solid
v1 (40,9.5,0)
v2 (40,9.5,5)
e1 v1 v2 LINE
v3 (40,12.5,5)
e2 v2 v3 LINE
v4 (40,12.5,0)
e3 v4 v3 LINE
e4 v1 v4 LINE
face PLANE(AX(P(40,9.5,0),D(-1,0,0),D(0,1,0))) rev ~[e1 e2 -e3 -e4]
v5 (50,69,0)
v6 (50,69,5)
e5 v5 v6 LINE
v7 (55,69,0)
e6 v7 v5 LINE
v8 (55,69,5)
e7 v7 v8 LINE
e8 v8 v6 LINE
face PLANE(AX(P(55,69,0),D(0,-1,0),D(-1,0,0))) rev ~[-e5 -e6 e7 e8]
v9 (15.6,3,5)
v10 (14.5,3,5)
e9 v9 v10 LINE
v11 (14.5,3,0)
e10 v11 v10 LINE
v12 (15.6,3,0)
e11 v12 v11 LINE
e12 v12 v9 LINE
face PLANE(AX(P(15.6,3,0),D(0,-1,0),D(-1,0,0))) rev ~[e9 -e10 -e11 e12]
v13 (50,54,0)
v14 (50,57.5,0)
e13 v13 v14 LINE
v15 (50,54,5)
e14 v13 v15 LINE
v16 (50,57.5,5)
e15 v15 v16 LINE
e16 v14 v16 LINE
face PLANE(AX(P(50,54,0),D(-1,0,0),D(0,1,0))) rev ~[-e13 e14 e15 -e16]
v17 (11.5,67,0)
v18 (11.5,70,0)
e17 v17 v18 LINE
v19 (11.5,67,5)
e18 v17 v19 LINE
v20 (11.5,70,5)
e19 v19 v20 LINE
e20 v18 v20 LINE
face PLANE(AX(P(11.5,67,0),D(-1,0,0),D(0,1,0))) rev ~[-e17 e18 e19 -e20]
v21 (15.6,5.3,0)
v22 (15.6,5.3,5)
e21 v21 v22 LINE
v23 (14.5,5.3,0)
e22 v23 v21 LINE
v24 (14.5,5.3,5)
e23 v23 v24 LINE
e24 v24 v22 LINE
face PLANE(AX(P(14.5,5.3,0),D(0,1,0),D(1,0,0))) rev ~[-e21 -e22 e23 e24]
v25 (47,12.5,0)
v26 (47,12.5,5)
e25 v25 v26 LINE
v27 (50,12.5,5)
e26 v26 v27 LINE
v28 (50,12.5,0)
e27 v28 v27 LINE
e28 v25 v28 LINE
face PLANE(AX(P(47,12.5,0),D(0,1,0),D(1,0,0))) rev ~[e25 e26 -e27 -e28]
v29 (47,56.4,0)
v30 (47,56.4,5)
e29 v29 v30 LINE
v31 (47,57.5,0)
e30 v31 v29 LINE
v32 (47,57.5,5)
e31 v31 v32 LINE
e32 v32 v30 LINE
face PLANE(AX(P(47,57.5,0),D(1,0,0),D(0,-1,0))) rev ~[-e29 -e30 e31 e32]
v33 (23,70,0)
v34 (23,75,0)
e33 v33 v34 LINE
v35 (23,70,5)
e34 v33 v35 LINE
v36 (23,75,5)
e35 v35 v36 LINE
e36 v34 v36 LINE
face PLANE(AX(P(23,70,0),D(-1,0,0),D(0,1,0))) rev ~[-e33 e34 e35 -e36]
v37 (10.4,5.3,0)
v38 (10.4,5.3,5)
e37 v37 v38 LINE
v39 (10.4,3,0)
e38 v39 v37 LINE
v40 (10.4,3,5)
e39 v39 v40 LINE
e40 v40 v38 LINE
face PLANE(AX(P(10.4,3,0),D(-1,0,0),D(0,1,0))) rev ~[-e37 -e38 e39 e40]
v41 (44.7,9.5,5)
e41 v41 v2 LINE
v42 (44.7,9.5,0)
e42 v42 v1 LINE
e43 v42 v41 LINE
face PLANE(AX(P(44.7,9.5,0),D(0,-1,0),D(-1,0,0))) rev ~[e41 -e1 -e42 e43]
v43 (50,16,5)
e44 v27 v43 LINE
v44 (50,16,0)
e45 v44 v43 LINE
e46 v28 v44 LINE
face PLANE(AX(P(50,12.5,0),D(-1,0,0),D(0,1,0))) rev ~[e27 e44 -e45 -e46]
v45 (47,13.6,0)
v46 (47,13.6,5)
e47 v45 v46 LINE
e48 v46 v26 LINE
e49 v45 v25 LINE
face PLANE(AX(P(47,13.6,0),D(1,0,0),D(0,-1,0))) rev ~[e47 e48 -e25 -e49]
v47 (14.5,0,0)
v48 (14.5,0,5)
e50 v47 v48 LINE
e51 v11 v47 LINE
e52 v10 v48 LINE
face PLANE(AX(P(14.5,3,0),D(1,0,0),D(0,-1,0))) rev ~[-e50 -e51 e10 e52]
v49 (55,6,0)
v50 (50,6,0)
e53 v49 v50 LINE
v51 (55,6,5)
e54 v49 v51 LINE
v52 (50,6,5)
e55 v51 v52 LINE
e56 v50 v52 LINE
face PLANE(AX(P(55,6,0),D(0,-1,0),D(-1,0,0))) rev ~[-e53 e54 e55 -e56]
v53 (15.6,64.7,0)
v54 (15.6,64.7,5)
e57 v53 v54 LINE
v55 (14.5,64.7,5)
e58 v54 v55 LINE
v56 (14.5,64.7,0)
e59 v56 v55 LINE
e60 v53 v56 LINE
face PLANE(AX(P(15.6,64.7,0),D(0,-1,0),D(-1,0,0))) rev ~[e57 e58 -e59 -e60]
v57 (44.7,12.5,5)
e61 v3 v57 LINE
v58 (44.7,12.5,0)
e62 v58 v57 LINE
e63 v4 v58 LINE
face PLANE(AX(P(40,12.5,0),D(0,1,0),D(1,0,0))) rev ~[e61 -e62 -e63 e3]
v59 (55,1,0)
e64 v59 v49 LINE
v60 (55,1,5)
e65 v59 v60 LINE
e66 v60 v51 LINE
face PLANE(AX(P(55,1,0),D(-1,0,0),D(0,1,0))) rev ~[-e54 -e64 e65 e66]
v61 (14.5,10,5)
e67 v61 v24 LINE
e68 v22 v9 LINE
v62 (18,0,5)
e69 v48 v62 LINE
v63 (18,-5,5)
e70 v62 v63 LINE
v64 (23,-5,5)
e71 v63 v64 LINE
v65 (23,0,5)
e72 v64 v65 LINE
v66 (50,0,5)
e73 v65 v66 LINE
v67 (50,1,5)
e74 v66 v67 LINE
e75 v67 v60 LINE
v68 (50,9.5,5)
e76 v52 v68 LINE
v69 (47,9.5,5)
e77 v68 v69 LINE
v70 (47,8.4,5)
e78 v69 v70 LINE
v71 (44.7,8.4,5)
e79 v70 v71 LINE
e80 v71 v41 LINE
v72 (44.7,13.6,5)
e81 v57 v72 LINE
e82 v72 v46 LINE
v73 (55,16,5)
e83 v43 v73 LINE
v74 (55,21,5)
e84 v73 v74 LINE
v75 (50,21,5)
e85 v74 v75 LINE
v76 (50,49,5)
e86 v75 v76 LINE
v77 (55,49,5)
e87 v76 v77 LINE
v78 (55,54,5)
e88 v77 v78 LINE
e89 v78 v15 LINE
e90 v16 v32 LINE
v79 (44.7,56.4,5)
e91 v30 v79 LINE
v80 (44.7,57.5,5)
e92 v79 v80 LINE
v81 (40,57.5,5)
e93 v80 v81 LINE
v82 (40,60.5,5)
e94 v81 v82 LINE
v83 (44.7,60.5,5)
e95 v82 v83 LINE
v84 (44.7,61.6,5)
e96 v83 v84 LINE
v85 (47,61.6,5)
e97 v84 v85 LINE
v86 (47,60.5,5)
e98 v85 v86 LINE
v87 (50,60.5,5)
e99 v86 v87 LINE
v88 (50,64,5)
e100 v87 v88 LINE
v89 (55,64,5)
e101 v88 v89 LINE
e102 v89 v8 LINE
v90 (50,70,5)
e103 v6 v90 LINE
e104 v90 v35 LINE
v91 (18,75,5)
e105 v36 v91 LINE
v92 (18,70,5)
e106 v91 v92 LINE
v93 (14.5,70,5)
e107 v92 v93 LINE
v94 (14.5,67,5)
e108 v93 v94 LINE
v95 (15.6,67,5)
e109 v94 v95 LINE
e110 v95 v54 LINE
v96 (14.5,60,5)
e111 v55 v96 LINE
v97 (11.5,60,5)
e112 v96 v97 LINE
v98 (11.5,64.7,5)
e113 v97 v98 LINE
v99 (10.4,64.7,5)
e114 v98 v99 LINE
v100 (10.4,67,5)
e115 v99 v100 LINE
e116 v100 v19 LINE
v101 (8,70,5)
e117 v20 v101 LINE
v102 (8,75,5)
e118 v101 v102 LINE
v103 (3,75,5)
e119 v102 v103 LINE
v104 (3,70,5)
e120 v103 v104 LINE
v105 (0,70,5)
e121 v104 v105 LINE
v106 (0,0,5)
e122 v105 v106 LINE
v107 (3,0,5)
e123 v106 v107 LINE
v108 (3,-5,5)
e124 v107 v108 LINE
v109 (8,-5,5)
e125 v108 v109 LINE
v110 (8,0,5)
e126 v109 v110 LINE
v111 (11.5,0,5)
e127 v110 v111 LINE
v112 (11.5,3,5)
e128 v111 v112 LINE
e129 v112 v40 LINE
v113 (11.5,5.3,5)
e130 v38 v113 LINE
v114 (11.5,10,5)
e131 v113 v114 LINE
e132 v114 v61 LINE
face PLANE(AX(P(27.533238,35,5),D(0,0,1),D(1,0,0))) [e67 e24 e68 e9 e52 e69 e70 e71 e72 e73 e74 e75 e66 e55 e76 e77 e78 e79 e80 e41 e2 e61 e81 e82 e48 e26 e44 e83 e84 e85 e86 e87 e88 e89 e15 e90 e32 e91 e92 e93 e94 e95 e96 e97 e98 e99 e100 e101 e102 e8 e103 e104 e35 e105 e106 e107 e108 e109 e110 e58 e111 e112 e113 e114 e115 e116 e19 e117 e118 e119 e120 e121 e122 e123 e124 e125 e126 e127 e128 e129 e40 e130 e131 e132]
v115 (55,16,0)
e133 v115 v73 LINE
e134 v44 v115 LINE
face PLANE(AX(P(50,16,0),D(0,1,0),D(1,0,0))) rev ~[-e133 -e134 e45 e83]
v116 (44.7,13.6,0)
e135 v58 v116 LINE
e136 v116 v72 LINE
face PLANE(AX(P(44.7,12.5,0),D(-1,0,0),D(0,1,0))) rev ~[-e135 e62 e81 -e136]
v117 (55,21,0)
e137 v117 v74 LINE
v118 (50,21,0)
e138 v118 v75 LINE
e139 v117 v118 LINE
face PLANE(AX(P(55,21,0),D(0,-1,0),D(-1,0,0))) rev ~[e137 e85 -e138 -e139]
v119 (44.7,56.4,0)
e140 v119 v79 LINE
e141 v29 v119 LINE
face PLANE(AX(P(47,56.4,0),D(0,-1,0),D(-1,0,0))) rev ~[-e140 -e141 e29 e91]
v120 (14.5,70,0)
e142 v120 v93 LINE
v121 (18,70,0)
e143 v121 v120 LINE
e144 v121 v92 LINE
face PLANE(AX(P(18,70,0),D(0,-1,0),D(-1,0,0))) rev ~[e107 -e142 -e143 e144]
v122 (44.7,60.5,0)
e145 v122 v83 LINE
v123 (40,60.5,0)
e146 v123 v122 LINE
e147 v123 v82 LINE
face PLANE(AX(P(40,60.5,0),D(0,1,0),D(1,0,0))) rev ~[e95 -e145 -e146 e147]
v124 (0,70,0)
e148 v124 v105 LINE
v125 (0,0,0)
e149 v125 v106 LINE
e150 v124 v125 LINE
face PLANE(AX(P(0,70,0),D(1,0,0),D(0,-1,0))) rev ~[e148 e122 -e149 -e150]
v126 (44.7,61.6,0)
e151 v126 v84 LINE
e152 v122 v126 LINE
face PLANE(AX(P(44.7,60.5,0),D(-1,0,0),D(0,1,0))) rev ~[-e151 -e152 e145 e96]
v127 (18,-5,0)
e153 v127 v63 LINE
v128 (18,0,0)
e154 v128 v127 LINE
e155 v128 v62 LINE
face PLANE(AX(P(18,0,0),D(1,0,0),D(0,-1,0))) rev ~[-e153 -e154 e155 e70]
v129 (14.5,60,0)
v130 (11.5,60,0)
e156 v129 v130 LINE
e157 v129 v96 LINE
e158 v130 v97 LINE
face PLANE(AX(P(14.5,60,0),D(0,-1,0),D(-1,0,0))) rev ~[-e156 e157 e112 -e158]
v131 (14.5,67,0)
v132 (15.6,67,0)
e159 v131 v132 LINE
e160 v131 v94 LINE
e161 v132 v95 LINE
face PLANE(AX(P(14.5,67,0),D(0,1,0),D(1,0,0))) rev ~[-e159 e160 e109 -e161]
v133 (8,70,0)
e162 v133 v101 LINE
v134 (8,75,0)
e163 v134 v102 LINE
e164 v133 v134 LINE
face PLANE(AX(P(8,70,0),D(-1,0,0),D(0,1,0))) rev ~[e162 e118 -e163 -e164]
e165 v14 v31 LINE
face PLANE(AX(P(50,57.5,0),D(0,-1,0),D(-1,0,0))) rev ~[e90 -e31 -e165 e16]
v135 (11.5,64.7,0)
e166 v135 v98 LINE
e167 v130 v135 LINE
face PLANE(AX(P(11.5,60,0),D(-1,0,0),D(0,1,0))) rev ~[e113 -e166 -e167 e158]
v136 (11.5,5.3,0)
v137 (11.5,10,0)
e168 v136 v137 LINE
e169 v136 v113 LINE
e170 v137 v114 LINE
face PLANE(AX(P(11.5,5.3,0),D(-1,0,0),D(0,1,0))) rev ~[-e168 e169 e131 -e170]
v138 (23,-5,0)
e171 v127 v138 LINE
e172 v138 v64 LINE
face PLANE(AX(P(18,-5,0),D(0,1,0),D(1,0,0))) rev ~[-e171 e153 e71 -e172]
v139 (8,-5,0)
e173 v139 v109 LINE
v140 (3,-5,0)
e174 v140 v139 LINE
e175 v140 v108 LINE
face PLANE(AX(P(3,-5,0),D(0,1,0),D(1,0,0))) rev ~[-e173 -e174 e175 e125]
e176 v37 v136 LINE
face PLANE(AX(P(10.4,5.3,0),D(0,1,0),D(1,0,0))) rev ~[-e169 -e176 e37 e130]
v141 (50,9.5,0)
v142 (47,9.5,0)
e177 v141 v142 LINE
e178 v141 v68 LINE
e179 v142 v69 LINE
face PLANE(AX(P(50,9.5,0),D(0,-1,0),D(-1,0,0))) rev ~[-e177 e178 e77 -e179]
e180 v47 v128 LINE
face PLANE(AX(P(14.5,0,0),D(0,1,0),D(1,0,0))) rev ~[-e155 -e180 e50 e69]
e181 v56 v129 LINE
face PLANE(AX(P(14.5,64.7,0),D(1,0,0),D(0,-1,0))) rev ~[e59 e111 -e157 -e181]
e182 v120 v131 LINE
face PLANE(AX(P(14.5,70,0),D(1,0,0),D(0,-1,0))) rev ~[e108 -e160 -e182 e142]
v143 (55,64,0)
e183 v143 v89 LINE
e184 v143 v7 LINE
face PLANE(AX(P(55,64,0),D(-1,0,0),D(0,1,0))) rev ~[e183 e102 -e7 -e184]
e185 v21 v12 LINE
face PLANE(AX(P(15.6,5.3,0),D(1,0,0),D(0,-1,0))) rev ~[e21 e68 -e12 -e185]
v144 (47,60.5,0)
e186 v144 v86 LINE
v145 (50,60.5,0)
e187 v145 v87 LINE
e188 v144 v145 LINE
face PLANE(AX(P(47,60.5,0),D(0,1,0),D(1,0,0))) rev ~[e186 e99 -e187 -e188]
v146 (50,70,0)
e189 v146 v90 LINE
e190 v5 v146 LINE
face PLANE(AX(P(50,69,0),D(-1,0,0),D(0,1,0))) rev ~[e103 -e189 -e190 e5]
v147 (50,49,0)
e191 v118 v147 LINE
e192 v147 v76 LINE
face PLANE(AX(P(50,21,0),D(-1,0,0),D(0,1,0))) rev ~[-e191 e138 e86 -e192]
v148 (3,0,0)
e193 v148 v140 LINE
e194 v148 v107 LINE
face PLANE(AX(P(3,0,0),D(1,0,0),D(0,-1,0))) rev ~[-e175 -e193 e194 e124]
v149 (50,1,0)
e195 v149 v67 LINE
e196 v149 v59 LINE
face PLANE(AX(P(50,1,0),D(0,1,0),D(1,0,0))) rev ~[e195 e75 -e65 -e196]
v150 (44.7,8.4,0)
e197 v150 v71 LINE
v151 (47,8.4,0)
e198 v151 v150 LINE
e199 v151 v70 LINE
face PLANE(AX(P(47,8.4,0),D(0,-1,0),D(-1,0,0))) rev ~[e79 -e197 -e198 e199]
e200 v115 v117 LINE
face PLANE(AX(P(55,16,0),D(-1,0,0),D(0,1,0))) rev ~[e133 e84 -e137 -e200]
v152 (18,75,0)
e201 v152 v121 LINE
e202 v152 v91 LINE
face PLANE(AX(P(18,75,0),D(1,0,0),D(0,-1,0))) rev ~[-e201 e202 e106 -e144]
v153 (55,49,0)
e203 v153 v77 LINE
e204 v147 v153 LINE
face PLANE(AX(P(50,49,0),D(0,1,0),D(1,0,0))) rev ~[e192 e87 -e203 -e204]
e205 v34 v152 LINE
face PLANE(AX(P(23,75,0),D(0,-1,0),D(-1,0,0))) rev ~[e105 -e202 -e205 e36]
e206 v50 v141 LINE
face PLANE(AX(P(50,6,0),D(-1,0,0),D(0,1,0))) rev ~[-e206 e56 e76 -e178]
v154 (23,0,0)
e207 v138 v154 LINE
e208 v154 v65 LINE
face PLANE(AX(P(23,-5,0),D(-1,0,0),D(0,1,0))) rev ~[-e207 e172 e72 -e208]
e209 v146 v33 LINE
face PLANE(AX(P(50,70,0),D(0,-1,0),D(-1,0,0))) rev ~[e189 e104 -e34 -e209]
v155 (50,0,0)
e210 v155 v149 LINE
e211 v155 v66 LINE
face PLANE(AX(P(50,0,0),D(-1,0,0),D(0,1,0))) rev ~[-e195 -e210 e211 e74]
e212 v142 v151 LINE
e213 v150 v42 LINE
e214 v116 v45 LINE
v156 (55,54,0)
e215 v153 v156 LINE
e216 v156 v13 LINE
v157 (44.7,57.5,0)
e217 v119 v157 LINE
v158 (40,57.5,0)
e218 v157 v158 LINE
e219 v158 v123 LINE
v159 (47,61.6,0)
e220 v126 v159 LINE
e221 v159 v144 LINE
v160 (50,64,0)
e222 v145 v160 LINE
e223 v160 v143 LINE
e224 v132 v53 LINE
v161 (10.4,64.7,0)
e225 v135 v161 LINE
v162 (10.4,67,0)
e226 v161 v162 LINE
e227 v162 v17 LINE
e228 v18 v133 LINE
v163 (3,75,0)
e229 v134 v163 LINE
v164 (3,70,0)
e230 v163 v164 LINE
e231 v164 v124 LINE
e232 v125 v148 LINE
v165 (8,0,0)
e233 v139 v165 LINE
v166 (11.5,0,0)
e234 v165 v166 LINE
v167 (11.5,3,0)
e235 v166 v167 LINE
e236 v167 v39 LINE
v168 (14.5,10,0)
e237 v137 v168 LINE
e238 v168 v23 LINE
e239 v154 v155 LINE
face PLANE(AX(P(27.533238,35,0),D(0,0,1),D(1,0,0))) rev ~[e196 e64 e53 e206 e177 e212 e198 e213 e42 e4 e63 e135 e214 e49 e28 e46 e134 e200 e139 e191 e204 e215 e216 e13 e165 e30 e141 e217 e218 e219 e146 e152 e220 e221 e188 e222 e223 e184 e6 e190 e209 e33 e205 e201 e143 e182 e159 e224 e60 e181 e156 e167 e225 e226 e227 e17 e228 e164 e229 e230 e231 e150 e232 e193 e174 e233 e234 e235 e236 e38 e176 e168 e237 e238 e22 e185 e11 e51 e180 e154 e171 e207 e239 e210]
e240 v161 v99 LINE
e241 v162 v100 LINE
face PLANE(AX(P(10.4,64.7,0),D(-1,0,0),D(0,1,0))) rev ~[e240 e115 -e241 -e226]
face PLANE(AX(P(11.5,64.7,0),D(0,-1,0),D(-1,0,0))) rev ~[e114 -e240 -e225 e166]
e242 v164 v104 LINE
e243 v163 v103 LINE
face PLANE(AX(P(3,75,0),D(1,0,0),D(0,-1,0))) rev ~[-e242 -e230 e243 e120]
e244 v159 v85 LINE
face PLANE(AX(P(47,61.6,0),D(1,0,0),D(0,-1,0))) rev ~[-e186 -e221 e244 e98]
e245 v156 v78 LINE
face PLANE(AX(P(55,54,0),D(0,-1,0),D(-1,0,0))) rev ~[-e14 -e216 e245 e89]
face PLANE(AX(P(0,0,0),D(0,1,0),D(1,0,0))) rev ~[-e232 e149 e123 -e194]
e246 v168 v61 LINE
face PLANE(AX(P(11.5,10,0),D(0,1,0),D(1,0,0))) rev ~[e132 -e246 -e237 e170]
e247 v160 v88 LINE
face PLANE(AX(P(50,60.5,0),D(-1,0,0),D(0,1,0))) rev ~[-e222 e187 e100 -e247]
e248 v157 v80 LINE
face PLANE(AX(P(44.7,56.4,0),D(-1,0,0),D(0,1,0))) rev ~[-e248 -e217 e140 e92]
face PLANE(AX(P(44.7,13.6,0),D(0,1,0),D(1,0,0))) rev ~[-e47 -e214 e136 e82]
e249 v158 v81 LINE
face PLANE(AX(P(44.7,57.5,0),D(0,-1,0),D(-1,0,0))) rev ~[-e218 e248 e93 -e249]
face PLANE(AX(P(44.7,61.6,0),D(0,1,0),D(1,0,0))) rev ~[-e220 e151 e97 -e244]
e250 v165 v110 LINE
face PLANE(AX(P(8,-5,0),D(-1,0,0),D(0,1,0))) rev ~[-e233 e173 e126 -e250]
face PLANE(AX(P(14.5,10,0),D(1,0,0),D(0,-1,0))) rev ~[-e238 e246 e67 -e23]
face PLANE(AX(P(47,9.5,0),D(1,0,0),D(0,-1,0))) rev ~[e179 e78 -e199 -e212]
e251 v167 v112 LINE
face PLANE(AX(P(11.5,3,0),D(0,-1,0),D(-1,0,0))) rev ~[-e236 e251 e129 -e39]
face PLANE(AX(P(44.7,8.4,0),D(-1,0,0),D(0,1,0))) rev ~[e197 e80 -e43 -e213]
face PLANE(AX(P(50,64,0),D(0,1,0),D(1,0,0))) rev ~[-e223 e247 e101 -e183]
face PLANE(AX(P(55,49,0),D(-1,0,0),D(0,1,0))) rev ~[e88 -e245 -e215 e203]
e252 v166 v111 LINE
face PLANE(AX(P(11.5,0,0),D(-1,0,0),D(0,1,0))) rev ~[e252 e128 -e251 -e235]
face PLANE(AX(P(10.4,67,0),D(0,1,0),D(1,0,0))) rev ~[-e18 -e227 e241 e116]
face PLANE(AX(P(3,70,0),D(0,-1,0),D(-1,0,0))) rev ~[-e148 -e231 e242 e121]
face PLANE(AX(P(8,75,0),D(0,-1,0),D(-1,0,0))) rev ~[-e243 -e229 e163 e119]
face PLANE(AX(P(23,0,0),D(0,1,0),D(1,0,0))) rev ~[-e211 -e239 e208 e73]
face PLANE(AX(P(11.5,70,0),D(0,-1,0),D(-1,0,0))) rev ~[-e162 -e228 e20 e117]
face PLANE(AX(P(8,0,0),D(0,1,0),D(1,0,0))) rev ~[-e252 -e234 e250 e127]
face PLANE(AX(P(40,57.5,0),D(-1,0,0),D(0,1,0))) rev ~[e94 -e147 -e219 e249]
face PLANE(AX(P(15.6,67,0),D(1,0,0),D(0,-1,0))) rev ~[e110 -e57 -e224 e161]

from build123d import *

# Parameters (mm, degrees)
BOSS_EXTRU_1_DEPTH = 5


with BuildPart() as part:
    # Esquisse1 → Boss.-Extru.1 (new body)
    with BuildSketch(Plane.XY):
        Polygon((23, 0), (50, 0), (50, 1), (55, 1), (55, 6), (50, 6), (50, 9.5), (47, 9.5), (47, 8.4), (44.7, 8.4), (44.7, 9.5), (40, 9.5), (40, 12.5), (44.7, 12.5), (44.7, 13.6), (47, 13.6), (47, 12.5), (50, 12.5), (50, 16), (55, 16), (55, 21), (50, 21), (50, 49), (55, 49), (55, 54), (50, 54), (50, 57.5), (47, 57.5), (47, 56.4), (44.7, 56.4), (44.7, 57.5), (40, 57.5), (40, 60.5), (44.7, 60.5), (44.7, 61.6), (47, 61.6), (47, 60.5), (50, 60.5), (50, 64), (55, 64), (55, 69), (50, 69), (50, 70), (23, 70), (23, 75), (18, 75), (18, 70), (14.5, 70), (14.5, 67), (15.6, 67), (15.6, 64.7), (14.5, 64.7), (14.5, 60), (11.5, 60), (11.5, 64.7), (10.4, 64.7), (10.4, 67), (11.5, 67), (11.5, 70), (8, 70), (8, 75), (3, 75), (3, 70), (0, 70), (0, 0), (3, 0), (3, -5), (8, -5), (8, 0), (11.5, 0), (11.5, 3), (10.4, 3), (10.4, 5.3), (11.5, 5.3), (11.5, 10), (14.5, 10), (14.5, 5.3), (15.6, 5.3), (15.6, 3), (14.5, 3), (14.5, 0), (18, 0), (18, -5), (23, -5), align=None)
    extrude(amount=BOSS_EXTRU_1_DEPTH)


solid = part.part
